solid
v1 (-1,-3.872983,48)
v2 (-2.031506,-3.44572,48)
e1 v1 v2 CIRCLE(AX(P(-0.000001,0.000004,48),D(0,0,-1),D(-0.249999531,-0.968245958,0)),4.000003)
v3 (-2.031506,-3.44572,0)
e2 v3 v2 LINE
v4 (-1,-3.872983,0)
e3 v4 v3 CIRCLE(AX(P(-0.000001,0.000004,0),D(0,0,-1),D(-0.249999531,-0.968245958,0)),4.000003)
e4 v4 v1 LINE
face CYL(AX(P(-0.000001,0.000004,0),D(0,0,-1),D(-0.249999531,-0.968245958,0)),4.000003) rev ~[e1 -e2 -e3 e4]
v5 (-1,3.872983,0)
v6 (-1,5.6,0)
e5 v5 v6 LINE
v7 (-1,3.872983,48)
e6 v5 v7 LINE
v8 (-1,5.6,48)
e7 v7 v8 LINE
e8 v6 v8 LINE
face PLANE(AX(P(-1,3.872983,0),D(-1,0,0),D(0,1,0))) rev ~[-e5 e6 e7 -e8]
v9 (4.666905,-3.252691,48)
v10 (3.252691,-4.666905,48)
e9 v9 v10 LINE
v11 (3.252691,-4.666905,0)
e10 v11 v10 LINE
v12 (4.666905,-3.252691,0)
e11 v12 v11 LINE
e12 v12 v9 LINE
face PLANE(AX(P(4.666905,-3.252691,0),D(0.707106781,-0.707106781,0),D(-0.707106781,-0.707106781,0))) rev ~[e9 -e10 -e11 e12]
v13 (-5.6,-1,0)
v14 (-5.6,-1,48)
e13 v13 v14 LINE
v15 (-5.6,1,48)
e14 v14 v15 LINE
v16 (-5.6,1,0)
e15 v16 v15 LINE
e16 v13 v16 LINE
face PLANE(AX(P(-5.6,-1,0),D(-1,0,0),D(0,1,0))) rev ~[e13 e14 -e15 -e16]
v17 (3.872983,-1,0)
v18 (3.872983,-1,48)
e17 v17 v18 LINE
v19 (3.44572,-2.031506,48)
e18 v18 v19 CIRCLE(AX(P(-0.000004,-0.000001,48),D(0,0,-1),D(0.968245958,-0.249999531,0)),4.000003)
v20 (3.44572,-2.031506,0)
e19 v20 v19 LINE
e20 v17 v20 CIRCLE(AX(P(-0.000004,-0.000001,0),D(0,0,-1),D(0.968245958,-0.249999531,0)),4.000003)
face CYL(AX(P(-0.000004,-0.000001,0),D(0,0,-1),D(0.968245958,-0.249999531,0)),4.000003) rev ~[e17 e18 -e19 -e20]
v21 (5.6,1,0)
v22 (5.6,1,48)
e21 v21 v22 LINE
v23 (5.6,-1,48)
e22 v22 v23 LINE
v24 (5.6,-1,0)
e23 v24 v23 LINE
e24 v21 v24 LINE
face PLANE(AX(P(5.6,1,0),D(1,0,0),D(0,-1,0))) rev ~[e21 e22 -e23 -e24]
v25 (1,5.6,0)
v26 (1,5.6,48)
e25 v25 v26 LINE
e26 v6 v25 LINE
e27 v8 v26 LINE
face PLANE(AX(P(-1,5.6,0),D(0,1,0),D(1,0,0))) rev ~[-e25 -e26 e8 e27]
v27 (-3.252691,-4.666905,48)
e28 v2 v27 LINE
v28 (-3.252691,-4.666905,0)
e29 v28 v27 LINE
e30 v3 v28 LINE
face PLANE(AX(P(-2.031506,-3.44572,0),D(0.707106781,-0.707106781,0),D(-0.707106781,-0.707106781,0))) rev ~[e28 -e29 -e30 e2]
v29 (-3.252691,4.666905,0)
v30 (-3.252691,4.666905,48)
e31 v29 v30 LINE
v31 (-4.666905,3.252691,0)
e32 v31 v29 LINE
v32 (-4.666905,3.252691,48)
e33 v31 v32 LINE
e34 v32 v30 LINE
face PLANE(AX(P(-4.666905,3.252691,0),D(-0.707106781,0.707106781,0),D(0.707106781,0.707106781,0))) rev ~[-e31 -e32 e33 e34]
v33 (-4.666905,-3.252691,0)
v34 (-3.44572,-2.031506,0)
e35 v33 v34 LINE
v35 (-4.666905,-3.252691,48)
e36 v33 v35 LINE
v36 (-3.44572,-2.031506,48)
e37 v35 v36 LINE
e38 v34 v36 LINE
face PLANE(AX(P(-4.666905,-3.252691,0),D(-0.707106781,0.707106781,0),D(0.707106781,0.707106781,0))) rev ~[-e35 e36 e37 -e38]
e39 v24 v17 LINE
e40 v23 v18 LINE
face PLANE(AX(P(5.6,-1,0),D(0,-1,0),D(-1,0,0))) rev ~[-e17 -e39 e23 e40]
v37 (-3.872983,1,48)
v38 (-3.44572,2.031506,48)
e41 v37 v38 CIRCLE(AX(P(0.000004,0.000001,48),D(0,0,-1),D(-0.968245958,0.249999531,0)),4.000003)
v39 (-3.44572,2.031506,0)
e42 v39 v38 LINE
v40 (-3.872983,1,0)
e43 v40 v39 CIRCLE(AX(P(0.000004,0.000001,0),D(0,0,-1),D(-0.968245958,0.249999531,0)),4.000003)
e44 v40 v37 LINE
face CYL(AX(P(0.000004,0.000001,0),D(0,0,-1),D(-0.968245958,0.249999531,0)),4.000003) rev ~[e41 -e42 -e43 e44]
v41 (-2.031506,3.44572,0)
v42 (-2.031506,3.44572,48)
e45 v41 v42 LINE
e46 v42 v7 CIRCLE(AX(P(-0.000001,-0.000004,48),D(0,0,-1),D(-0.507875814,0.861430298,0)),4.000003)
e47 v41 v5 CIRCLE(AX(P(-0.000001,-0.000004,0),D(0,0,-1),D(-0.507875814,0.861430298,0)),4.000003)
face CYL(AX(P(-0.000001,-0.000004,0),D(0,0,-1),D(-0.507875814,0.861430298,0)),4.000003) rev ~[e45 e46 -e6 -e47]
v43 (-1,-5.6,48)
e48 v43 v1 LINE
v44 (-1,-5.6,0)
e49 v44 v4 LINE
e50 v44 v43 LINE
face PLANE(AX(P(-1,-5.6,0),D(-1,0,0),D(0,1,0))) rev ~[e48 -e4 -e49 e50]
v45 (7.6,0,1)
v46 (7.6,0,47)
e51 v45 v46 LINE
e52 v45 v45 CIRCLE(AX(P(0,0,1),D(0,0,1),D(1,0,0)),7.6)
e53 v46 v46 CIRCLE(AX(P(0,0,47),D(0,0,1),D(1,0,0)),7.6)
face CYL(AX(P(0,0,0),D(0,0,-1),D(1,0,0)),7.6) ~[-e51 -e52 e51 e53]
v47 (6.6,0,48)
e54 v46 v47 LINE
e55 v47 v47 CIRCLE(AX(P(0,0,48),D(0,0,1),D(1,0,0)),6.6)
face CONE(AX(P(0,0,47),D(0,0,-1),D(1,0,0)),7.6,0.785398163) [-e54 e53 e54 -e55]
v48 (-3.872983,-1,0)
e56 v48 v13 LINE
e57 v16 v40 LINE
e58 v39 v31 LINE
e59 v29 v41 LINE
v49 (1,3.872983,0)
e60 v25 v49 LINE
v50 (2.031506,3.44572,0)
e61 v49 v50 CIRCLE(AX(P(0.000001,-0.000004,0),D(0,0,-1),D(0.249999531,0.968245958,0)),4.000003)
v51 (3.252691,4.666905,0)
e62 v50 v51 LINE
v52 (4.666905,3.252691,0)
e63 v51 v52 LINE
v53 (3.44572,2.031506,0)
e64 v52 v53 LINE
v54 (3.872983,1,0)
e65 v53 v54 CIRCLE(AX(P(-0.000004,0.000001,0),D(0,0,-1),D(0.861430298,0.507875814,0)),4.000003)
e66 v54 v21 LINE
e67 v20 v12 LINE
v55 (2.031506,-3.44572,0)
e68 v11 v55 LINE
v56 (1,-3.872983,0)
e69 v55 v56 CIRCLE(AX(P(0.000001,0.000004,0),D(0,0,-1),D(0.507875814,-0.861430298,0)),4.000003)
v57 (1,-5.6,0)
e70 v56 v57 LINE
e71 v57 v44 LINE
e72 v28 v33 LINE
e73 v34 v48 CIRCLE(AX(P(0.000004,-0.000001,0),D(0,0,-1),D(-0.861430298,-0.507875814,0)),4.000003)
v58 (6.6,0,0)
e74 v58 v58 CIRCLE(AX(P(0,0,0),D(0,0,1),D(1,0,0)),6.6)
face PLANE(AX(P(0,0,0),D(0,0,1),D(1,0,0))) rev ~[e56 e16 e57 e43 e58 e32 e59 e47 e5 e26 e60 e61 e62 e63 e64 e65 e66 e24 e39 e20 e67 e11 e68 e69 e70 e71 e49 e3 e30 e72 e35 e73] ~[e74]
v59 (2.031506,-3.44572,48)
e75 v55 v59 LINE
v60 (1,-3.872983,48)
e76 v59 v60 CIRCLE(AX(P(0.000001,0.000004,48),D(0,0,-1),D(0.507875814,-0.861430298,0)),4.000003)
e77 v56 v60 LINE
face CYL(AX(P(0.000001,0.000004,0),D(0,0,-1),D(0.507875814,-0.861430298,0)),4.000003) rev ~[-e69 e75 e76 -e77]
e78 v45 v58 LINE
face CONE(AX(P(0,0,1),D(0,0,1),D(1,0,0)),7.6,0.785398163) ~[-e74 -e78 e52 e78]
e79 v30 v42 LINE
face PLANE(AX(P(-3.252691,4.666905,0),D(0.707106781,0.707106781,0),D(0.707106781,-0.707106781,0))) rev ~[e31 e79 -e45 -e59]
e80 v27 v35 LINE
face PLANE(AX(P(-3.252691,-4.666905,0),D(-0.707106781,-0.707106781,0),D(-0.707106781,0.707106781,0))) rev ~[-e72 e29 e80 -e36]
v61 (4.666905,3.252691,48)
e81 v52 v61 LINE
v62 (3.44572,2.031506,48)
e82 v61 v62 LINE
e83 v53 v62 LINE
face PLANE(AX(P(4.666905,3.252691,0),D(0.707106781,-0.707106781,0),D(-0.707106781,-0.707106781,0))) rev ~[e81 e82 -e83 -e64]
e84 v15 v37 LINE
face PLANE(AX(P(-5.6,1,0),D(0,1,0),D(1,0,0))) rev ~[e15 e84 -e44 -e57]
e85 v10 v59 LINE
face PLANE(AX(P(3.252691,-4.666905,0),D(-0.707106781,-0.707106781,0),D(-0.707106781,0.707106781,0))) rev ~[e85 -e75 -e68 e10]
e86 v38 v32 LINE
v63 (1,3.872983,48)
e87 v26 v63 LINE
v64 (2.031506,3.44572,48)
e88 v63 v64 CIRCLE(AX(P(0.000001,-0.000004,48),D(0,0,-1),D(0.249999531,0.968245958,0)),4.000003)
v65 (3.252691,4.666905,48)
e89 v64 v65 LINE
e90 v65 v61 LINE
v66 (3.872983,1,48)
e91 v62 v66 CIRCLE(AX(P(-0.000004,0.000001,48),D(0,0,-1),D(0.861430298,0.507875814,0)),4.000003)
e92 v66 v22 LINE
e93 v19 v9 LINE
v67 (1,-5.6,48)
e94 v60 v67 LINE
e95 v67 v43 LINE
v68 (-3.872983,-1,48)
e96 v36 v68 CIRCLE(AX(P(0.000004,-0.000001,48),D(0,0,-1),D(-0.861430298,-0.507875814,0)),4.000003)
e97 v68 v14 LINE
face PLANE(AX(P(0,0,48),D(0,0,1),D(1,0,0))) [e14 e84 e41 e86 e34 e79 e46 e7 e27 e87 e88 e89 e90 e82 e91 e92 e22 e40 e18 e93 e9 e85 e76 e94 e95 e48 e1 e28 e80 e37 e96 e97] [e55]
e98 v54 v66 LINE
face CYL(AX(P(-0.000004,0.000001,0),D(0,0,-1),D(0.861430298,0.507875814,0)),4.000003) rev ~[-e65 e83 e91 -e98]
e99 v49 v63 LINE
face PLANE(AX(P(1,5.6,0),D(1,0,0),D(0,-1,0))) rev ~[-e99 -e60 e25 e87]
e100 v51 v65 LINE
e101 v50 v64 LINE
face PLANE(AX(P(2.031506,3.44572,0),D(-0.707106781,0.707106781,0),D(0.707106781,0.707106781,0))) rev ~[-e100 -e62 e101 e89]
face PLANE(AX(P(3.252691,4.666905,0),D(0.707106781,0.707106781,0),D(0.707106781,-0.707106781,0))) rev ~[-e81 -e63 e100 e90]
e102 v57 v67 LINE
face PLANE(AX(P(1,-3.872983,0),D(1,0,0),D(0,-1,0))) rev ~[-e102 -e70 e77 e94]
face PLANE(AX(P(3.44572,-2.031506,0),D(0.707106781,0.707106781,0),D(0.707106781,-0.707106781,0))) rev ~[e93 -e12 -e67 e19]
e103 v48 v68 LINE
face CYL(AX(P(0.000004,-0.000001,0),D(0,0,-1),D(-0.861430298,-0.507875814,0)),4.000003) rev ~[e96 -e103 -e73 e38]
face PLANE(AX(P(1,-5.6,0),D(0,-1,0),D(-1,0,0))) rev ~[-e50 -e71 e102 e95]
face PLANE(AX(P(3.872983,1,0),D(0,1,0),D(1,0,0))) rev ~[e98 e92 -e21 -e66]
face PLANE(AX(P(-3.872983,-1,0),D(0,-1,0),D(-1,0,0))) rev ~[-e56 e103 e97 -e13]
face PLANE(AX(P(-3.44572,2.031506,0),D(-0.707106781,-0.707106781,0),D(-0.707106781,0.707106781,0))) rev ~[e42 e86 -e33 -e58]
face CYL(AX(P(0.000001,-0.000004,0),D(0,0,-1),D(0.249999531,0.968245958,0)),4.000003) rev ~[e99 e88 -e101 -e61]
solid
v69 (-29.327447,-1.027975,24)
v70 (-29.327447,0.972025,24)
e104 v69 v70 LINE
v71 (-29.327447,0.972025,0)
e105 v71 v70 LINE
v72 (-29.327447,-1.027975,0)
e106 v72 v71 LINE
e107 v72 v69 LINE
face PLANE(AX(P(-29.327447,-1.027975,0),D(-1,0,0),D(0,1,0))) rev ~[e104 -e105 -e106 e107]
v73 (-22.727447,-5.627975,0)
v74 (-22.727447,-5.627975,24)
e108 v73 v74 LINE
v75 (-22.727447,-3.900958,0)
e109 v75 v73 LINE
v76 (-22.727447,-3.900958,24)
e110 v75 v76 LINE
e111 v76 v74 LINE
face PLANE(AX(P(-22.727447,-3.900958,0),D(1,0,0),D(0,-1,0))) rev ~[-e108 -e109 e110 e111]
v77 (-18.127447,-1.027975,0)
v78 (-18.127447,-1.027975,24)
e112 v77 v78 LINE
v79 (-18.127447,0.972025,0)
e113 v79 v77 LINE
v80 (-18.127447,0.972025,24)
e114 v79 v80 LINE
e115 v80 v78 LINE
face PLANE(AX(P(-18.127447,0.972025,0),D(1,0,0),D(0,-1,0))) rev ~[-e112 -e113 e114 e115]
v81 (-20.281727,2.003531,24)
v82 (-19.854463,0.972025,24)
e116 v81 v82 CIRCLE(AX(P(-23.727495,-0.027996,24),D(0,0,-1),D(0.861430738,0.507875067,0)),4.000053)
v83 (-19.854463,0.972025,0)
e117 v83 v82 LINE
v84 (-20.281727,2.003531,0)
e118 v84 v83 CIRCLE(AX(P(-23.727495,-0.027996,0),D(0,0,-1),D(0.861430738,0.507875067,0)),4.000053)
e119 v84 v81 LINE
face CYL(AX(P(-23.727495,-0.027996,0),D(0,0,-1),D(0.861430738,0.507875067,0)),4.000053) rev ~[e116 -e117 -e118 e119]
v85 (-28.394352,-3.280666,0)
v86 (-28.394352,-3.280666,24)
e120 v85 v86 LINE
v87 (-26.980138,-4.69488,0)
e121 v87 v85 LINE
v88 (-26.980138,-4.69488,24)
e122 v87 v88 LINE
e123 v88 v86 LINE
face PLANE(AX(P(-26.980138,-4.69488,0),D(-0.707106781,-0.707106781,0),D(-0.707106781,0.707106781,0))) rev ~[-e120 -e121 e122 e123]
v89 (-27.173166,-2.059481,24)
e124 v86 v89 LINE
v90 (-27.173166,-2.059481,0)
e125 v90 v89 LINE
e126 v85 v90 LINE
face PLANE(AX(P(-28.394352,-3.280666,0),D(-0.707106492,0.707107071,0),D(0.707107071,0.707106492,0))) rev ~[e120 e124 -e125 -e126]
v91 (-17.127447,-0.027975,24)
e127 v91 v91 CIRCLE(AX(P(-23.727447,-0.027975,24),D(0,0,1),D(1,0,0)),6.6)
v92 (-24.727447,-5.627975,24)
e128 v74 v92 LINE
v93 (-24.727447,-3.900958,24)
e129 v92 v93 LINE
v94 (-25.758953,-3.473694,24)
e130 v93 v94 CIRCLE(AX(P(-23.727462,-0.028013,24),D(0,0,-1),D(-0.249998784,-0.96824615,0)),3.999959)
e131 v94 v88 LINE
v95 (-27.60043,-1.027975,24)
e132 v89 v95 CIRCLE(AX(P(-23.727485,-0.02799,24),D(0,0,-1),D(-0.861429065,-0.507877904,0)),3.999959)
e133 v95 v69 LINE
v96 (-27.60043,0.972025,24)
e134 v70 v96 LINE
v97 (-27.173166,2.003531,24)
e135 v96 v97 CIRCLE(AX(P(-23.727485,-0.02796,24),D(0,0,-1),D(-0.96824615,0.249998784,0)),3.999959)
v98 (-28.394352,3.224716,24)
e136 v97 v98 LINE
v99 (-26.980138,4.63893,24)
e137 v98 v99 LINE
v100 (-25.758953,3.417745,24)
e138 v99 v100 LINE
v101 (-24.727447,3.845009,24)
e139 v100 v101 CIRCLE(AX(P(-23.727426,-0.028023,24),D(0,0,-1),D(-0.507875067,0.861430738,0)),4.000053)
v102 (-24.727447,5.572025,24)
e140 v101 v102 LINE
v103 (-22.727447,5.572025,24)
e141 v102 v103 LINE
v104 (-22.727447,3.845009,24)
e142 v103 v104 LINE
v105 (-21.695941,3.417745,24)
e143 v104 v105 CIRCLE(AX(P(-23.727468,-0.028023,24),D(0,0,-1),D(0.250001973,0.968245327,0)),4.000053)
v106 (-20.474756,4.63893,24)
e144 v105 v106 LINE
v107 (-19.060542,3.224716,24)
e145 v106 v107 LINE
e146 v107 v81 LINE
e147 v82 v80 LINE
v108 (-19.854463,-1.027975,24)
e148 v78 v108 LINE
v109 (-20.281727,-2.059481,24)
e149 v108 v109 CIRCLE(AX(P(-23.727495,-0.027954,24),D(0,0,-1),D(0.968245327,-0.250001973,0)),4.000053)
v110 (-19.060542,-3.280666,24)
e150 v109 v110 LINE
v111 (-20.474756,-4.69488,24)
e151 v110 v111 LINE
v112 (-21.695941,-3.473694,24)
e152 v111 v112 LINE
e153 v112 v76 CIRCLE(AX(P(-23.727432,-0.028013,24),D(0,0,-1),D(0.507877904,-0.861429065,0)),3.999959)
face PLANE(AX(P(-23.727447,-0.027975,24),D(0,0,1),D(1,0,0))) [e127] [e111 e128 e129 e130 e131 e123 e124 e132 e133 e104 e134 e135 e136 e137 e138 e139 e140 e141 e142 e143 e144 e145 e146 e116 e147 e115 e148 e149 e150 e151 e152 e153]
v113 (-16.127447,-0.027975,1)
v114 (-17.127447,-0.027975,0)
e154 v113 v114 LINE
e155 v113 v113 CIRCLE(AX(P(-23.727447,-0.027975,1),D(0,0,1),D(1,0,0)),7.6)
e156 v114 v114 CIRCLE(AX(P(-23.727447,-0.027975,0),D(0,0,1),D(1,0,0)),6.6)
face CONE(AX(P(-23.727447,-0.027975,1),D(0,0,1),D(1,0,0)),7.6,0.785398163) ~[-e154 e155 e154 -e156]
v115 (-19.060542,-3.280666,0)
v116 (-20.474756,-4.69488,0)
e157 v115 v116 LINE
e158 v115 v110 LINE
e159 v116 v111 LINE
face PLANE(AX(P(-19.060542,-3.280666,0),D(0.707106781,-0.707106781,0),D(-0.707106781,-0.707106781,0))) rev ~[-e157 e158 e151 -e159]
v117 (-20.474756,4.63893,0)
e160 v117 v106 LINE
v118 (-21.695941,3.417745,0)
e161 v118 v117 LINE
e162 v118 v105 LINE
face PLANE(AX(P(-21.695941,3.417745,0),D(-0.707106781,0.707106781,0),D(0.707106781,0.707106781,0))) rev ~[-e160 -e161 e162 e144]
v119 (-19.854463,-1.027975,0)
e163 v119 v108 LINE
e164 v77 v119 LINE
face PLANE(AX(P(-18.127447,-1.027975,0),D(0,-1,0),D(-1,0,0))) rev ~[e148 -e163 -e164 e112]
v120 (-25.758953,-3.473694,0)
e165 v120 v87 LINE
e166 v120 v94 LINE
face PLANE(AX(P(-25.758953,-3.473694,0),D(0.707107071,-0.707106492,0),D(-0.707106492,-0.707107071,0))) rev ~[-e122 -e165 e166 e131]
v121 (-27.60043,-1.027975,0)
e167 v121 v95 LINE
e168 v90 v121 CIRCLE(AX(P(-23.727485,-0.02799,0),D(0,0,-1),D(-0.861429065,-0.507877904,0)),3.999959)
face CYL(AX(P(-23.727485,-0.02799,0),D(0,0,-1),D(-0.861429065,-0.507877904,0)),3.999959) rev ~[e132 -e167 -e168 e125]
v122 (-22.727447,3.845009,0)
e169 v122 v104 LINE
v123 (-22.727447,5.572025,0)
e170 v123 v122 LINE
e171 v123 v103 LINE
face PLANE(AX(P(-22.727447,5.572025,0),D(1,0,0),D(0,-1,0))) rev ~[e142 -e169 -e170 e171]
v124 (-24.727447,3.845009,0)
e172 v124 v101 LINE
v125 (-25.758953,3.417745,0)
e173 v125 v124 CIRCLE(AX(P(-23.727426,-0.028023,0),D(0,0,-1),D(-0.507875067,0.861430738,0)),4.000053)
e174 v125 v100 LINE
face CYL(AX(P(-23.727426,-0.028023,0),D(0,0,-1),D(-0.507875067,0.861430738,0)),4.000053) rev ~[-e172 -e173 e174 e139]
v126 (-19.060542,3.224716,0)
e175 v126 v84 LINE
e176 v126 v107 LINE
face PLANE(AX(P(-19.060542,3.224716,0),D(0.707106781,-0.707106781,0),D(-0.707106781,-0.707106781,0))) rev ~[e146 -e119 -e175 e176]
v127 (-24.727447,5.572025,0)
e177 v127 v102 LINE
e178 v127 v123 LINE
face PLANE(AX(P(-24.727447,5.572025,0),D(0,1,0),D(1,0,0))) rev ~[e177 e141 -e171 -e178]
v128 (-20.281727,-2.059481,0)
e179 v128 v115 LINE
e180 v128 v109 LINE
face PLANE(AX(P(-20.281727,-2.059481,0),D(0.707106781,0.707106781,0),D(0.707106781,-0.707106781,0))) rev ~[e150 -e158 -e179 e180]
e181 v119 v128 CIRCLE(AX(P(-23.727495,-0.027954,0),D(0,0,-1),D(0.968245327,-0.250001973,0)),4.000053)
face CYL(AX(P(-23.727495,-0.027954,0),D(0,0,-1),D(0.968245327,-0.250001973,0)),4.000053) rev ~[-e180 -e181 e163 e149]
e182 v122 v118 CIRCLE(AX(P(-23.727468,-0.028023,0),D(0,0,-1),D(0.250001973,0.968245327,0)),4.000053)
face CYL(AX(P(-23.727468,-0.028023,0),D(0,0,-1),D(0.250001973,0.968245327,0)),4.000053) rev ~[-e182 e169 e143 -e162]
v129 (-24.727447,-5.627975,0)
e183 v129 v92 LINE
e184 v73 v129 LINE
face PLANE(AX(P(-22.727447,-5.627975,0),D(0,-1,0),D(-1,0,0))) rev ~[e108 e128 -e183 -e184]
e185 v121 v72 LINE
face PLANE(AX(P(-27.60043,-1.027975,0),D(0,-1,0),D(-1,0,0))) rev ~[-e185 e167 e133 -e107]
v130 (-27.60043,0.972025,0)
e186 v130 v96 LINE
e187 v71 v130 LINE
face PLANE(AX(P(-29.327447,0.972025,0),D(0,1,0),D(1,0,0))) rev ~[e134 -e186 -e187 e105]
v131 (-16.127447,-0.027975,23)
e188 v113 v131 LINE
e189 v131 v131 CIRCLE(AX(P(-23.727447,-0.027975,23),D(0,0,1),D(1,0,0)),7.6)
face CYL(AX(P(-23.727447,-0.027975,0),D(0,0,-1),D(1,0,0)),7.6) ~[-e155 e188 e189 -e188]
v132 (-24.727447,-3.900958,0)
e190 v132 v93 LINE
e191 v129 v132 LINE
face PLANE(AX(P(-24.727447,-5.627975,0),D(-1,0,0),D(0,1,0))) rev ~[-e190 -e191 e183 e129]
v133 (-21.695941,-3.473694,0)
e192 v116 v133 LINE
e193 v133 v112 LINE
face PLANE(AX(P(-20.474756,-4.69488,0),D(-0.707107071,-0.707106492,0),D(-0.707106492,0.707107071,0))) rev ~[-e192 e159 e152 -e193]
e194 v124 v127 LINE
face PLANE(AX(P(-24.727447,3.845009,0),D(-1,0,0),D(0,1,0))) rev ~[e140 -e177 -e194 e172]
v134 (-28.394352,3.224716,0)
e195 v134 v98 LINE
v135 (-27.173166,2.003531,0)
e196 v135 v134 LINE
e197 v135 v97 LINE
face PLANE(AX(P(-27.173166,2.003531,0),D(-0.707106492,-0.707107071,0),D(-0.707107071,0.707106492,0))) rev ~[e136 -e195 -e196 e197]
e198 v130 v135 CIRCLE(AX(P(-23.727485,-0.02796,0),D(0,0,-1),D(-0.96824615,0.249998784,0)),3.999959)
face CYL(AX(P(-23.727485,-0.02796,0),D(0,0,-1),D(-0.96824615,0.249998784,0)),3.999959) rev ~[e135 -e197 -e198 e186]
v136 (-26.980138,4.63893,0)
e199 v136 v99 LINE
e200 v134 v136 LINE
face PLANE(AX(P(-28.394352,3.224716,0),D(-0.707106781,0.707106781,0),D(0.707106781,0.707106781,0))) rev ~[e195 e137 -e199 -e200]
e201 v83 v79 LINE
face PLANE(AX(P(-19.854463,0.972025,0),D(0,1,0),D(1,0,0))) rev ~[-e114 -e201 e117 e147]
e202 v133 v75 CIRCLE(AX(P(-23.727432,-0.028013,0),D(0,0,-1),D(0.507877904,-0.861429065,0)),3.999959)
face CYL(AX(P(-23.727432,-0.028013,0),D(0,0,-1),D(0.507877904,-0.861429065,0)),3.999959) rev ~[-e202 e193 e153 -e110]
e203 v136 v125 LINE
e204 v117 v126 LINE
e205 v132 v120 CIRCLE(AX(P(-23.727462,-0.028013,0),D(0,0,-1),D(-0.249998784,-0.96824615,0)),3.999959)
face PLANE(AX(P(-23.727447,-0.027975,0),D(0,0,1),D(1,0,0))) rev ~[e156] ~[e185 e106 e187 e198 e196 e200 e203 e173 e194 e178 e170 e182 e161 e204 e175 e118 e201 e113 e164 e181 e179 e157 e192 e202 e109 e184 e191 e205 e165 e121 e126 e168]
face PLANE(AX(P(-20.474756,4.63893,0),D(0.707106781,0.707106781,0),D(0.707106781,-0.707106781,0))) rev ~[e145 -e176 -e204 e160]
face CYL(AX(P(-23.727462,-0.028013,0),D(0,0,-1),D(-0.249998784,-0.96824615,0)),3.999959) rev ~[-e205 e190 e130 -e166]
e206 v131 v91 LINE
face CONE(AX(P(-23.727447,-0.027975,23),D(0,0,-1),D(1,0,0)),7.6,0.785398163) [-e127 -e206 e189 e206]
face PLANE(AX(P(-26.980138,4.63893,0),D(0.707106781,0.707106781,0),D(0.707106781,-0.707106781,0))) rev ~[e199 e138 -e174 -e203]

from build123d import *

# Parameters (mm, degrees)
F0_R      = 7.6
F1_DEPTH  = 48
F2_DEPTH  = 24
F3_SIZE   = 1
F3_2_SIZE = 1


with BuildPart() as f1:
    # F0 (on Top) → F1 (new body)
    with BuildSketch(Plane.XY):
        Circle(F0_R)
        with BuildLine():
            ThreePointArc((3.44572, 2.031506), (3.695518, 1.530734), (3.872983, 1))
            Line((3.872983, 1), (5.6, 1))
            Line((5.6, 1), (5.6, -1))
            Line((5.6, -1), (3.872983, -1))
            ThreePointArc((3.872983, -1), (3.695518, -1.530734), (3.44572, -2.031506))
            Line((3.44572, -2.031506), (4.666905, -3.252691))
            Line((4.666905, -3.252691), (3.252691, -4.666905))
            Line((3.252691, -4.666905), (2.031506, -3.44572))
            ThreePointArc((2.031506, -3.44572), (1.530734, -3.695518), (1, -3.872983))
            Line((1, -3.872983), (1, -5.6))
            Line((1, -5.6), (-1, -5.6))
            Line((-1, -5.6), (-1, -3.872983))
            ThreePointArc((-1, -3.872983), (-1.530734, -3.695518), (-2.031506, -3.44572))
            Line((-2.031506, -3.44572), (-3.252691, -4.666905))
            Line((-3.252691, -4.666905), (-4.666905, -3.252691))
            Line((-4.666905, -3.252691), (-3.44572, -2.031506))
            ThreePointArc((-3.44572, -2.031506), (-3.695518, -1.530734), (-3.872983, -1))
            Line((-3.872983, -1), (-5.6, -1))
            Line((-5.6, -1), (-5.6, 1))
            Line((-5.6, 1), (-3.872983, 1))
            ThreePointArc((-3.872983, 1), (-3.695518, 1.530734), (-3.44572, 2.031506))
            Line((-3.44572, 2.031506), (-4.666905, 3.252691))
            Line((-4.666905, 3.252691), (-3.252691, 4.666905))
            Line((-3.252691, 4.666905), (-2.031506, 3.44572))
            ThreePointArc((-2.031506, 3.44572), (-1.530734, 3.695518), (-1, 3.872983))
            Line((-1, 3.872983), (-1, 5.6))
            Line((-1, 5.6), (1, 5.6))
            Line((1, 5.6), (1, 3.872983))
            ThreePointArc((1, 3.872983), (1.530734, 3.695518), (2.031506, 3.44572))
            Line((2.031506, 3.44572), (3.252691, 4.666905))
            Line((3.252691, 4.666905), (4.666905, 3.252691))
            Line((4.666905, 3.252691), (3.44572, 2.031506))
        make_face(mode=Mode.SUBTRACT)
    extrude(amount=F1_DEPTH)

    # F3
    f3_edges = [f1.edges().sort_by_distance(p)[0] for p in [
        (-7.6, 0, 48),
        (-7.6, 0, 0),
    ]]
    chamfer(f3_edges, length=F3_SIZE)


with BuildPart() as f2:
    # F0 (on Top) → F2 (new body)
    with BuildSketch(Plane.XY):
        with Locations((-23.727447, -0.027975)):
            Circle(F0_R)
        with BuildLine():
            ThreePointArc((-20.281727, 2.003531), (-20.031929, 1.502759), (-19.854463, 0.972025))
            Line((-19.854463, 0.972025), (-18.127447, 0.972025))
            Line((-18.127447, 0.972025), (-18.127447, -1.027975))
            Line((-18.127447, -1.027975), (-19.854463, -1.027975))
            ThreePointArc((-19.854463, -1.027975), (-20.031929, -1.558709), (-20.281727, -2.059481))
            Line((-20.281727, -2.059481), (-19.060542, -3.280666))
            Line((-19.060542, -3.280666), (-20.474756, -4.69488))
            Line((-20.474756, -4.69488), (-21.695941, -3.473694))
            ThreePointArc((-21.695941, -3.473694), (-22.196713, -3.723493), (-22.727447, -3.900958))
            Line((-22.727447, -3.900958), (-22.727447, -5.627975))
            Line((-22.727447, -5.627975), (-24.727447, -5.627975))
            Line((-24.727447, -5.627975), (-24.727447, -3.900958))
            ThreePointArc((-24.727447, -3.900958), (-25.258181, -3.723493), (-25.758953, -3.473694))
            Line((-25.758953, -3.473694), (-26.980138, -4.69488))
            Line((-26.980138, -4.69488), (-28.394352, -3.280666))
            Line((-28.394352, -3.280666), (-27.173166, -2.059481))
            ThreePointArc((-27.173166, -2.059481), (-27.422965, -1.558709), (-27.60043, -1.027975))
            Line((-27.60043, -1.027975), (-29.327447, -1.027975))
            Line((-29.327447, -1.027975), (-29.327447, 0.972025))
            Line((-29.327447, 0.972025), (-27.60043, 0.972025))
            ThreePointArc((-27.60043, 0.972025), (-27.422965, 1.502759), (-27.173166, 2.003531))
            Line((-27.173166, 2.003531), (-28.394352, 3.224716))
            Line((-28.394352, 3.224716), (-26.980138, 4.63893))
            Line((-26.980138, 4.63893), (-25.758953, 3.417745))
            ThreePointArc((-25.758953, 3.417745), (-25.258181, 3.667543), (-24.727447, 3.845009))
            Line((-24.727447, 3.845009), (-24.727447, 5.572025))
            Line((-24.727447, 5.572025), (-22.727447, 5.572025))
            Line((-22.727447, 5.572025), (-22.727447, 3.845009))
            ThreePointArc((-22.727447, 3.845009), (-22.196713, 3.667543), (-21.695941, 3.417745))
            Line((-21.695941, 3.417745), (-20.474756, 4.63893))
            Line((-20.474756, 4.63893), (-19.060542, 3.224716))
            Line((-19.060542, 3.224716), (-20.281727, 2.003531))
        make_face(mode=Mode.SUBTRACT)
    extrude(amount=F2_DEPTH)

    # F3#2
    f3_2_edges = [f2.edges().sort_by_distance(p)[0] for p in [
        (-31.327447, -0.027975, 24),
        (-31.327447, -0.027975, 0),
    ]]
    chamfer(f3_2_edges, length=F3_2_SIZE)


solid = Compound([f1.part, f2.part])
